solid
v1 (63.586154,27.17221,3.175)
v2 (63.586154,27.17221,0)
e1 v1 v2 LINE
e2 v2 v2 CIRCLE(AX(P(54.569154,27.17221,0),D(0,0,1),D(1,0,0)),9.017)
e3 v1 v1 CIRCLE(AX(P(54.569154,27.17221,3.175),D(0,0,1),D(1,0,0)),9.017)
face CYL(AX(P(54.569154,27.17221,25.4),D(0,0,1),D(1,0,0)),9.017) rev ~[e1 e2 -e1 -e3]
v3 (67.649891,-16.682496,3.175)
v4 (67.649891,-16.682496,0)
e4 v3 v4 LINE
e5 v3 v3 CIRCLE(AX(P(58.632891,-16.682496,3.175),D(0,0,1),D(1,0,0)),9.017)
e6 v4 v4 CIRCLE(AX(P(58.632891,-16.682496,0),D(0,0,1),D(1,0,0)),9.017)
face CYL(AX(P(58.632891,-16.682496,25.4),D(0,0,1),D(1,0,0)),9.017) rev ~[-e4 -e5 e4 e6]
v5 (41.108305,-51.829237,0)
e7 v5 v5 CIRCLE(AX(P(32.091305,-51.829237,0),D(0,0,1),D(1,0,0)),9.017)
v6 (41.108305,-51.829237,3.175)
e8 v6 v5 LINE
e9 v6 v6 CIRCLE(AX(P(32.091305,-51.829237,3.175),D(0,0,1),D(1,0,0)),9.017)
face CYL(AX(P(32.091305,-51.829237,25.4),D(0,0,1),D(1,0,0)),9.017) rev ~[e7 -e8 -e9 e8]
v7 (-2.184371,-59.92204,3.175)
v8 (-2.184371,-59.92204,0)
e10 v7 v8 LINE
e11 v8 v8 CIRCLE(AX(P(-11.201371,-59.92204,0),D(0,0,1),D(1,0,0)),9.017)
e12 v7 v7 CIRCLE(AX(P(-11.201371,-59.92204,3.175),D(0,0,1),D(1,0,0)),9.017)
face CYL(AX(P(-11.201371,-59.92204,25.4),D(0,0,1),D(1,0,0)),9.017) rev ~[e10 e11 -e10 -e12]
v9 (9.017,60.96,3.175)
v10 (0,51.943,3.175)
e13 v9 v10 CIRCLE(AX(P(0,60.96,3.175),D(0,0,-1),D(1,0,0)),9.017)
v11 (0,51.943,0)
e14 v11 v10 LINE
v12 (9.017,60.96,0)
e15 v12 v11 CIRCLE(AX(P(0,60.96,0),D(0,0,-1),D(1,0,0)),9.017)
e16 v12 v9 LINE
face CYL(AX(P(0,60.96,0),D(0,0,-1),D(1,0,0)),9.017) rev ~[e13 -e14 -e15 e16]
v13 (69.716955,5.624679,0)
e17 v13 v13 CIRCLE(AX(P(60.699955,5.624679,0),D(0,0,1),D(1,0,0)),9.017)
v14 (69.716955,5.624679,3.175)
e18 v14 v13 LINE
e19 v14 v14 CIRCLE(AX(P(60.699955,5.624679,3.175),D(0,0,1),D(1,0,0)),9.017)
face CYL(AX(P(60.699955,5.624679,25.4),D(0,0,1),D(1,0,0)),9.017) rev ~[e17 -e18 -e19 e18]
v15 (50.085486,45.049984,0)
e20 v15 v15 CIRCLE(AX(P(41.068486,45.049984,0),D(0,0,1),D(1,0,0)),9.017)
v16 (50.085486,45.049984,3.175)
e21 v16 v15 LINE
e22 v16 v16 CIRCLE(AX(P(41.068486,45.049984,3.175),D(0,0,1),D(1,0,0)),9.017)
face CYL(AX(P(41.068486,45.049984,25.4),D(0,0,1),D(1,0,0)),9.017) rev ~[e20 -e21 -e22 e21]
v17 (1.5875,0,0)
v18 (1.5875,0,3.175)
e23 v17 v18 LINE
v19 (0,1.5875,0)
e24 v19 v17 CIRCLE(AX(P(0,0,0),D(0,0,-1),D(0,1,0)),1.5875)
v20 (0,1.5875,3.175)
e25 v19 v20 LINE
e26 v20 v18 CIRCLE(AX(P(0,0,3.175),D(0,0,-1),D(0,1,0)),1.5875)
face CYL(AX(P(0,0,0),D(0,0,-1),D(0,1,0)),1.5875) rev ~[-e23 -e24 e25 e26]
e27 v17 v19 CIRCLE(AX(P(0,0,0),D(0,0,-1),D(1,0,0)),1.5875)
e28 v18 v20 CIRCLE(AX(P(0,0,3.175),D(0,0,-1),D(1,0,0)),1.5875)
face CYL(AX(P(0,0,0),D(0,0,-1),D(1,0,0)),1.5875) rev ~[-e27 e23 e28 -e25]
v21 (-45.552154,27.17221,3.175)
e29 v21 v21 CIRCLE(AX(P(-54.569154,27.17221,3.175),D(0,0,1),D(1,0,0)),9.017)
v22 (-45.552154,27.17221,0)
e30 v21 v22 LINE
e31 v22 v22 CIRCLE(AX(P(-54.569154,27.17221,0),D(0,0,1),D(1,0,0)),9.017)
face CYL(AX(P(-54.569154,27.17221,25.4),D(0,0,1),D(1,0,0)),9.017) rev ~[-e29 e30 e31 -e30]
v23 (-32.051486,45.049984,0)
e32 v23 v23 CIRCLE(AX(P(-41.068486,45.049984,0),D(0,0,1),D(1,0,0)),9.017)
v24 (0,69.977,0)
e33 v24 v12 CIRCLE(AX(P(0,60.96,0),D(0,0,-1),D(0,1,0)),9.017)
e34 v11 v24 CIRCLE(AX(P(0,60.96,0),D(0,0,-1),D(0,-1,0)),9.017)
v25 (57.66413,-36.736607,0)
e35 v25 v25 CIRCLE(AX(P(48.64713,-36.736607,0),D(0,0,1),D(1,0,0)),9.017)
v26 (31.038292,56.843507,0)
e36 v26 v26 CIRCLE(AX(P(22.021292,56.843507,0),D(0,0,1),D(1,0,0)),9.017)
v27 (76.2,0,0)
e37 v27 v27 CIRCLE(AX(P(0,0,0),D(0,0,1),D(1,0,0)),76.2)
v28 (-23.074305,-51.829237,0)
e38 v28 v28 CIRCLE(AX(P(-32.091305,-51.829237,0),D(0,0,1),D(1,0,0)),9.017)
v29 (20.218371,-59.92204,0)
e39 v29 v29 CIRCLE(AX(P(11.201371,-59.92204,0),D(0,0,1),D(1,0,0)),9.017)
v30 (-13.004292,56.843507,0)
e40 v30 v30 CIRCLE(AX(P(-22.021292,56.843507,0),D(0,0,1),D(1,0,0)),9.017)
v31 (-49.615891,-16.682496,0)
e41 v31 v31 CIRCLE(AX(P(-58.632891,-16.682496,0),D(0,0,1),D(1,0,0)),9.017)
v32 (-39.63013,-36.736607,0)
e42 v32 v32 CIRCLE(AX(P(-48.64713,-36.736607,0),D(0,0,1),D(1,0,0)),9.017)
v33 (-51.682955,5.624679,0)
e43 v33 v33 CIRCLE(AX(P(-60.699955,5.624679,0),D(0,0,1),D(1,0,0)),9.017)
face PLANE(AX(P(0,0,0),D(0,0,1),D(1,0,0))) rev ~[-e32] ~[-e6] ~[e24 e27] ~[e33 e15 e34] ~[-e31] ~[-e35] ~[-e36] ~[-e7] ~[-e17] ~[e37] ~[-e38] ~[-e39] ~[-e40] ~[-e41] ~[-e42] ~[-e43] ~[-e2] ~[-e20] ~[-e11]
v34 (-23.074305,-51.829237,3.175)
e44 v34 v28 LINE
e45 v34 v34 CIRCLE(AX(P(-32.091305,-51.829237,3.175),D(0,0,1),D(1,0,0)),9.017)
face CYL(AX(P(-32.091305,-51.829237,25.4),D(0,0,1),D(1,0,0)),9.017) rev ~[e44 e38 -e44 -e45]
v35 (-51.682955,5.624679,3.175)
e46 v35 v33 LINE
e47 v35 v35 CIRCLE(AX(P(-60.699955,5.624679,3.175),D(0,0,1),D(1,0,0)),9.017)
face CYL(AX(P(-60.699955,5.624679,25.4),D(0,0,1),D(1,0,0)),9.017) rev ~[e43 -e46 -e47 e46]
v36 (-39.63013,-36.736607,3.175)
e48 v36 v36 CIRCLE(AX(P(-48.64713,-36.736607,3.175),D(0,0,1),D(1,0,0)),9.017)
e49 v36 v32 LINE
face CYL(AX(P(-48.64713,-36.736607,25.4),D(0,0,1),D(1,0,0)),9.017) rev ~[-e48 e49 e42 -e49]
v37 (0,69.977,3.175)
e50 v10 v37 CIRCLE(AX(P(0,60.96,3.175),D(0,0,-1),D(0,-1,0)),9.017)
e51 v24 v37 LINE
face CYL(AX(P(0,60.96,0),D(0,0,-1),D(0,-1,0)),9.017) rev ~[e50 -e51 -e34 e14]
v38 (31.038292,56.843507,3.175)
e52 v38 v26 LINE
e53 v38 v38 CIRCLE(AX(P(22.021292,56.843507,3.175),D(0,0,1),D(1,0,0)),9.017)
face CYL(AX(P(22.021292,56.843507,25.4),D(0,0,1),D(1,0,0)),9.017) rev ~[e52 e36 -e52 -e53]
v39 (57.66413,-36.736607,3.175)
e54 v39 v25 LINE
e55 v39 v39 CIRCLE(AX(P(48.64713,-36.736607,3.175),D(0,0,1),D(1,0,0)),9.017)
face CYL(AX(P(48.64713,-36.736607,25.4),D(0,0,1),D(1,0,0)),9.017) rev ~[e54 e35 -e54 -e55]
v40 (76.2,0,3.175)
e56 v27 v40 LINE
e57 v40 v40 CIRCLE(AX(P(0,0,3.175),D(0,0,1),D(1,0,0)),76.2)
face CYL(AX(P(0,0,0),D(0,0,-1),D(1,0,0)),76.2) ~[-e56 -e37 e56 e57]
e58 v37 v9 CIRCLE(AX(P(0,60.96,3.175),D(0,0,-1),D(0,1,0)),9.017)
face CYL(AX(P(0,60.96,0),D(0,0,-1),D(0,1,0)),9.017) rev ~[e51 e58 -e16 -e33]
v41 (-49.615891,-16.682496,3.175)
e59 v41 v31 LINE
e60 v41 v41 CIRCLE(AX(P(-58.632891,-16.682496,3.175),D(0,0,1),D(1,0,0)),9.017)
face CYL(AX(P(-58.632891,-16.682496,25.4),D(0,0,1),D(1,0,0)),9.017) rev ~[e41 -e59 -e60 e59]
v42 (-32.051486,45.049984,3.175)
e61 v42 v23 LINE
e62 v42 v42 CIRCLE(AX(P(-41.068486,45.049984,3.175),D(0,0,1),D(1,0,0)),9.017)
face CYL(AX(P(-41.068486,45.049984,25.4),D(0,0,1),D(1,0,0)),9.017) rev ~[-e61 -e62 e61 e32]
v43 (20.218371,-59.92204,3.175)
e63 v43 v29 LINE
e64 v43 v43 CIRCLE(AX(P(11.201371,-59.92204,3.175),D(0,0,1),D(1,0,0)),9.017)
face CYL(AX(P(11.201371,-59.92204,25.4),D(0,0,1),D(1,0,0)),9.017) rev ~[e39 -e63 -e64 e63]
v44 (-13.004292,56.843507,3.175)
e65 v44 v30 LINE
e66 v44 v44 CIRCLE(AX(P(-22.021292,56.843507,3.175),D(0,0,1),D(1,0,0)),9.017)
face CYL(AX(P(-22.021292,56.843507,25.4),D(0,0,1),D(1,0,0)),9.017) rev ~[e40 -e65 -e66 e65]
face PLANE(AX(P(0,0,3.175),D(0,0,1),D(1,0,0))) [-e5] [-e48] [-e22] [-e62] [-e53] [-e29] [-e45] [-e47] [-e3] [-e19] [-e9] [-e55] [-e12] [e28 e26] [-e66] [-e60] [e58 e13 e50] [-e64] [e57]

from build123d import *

# Parameters (mm, degrees)
F1_DEPTH  = 25.4
F2_DEPTH  = 3.175
F3_COUNT  = 17
F1_FACE_R = 9.017
F3_FACE_R = 9.017
F4_DEPTH  = 25.4


with BuildPart() as f1:
    # F0 (on Top) → F1 (new body)
    with BuildSketch(Plane.XY):
        with BuildLine():
            ThreePointArc((9.017, 60.96), (6.375981846, 67.335981846), (0, 69.977))
            Line((0, 69.977), (0, 51.943))
            ThreePointArc((0, 51.943), (6.375981846, 54.584018154), (9.017, 60.96))
        make_face()
        with BuildLine():
            Line((0, 51.943), (0, 69.977))
            ThreePointArc((0, 69.977), (-9.017, 60.96), (0, 51.943))
        make_face()
    extrude(amount=F1_DEPTH)


with BuildPart() as f2:
    # F0 (on Top) → F2 (new body)
    with BuildSketch(Plane.XY):
        with BuildLine():
            ThreePointArc((0, 76.2), (-53.8815367264, -53.8815367264), (76.2, 0))
            ThreePointArc((76.2, 0), (53.8815367264, 53.8815367264), (0, 76.2))
        make_face()
        with BuildLine():
            ThreePointArc((1.5875, 0), (-1.1225320151, -1.1225320151), (0, 1.5875))
            ThreePointArc((0, 1.5875), (1.1225320151, 1.1225320151), (1.5875, 0))
        make_face(mode=Mode.SUBTRACT)
        with BuildLine():
            ThreePointArc((0, 51.943), (-9.017, 60.96), (0, 69.977))
            ThreePointArc((0, 69.977), (6.375981846, 67.335981846), (9.017, 60.96))
            ThreePointArc((9.017, 60.96), (6.375981846, 54.584018154), (0, 51.943))
        make_face(mode=Mode.SUBTRACT)
    extrude(amount=F2_DEPTH)


with BuildPart() as f3_1:
    # F3: instance of F1
    add(f1.part.rotate(Axis((0, 0, 3.175), (0, 0, -1)), 1 * 360 / F3_COUNT))


with BuildPart() as f3_2:
    # F3: instance of F1
    add(f1.part.rotate(Axis((0, 0, 3.175), (0, 0, -1)), 2 * 360 / F3_COUNT))


with BuildPart() as f3_3:
    # F3: instance of F1
    add(f1.part.rotate(Axis((0, 0, 3.175), (0, 0, -1)), 3 * 360 / F3_COUNT))


with BuildPart() as f3_4:
    # F3: instance of F1
    add(f1.part.rotate(Axis((0, 0, 3.175), (0, 0, -1)), 4 * 360 / F3_COUNT))


with BuildPart() as f3_5:
    # F3: instance of F1
    add(f1.part.rotate(Axis((0, 0, 3.175), (0, 0, -1)), 5 * 360 / F3_COUNT))


with BuildPart() as f3_6:
    # F3: instance of F1
    add(f1.part.rotate(Axis((0, 0, 3.175), (0, 0, -1)), 6 * 360 / F3_COUNT))


with BuildPart() as f3_7:
    # F3: instance of F1
    add(f1.part.rotate(Axis((0, 0, 3.175), (0, 0, -1)), 7 * 360 / F3_COUNT))


with BuildPart() as f3_8:
    # F3: instance of F1
    add(f1.part.rotate(Axis((0, 0, 3.175), (0, 0, -1)), 8 * 360 / F3_COUNT))


with BuildPart() as f3_9:
    # F3: instance of F1
    add(f1.part.rotate(Axis((0, 0, 3.175), (0, 0, -1)), 9 * 360 / F3_COUNT))


with BuildPart() as f3_10:
    # F3: instance of F1
    add(f1.part.rotate(Axis((0, 0, 3.175), (0, 0, -1)), 10 * 360 / F3_COUNT))


with BuildPart() as f3_11:
    # F3: instance of F1
    add(f1.part.rotate(Axis((0, 0, 3.175), (0, 0, -1)), 11 * 360 / F3_COUNT))


with BuildPart() as f3_12:
    # F3: instance of F1
    add(f1.part.rotate(Axis((0, 0, 3.175), (0, 0, -1)), 12 * 360 / F3_COUNT))


with BuildPart() as f3_13:
    # F3: instance of F1
    add(f1.part.rotate(Axis((0, 0, 3.175), (0, 0, -1)), 13 * 360 / F3_COUNT))


with BuildPart() as f3_14:
    # F3: instance of F1
    add(f1.part.rotate(Axis((0, 0, 3.175), (0, 0, -1)), 14 * 360 / F3_COUNT))


with BuildPart() as f3_15:
    # F3: instance of F1
    add(f1.part.rotate(Axis((0, 0, 3.175), (0, 0, -1)), 15 * 360 / F3_COUNT))


with BuildPart() as f3_16:
    # F3: instance of F1
    add(f1.part.rotate(Axis((0, 0, 3.175), (0, 0, -1)), 16 * 360 / F3_COUNT))


with BuildPart() as f4_tool:
    # F1_face (on face) + F3_face (on face) → F4 (new body)
    with BuildSketch(Plane(origin=(0, 60.96, 25.4), x_dir=(1, 0, 0), z_dir=(0, 0, 1))):
        Circle(F1_FACE_R)
    with BuildSketch(Plane(origin=(22.0212919708, 56.8435071045, 25.4), x_dir=(1, 0, 0), z_dir=(0, 0, 1))):
        Circle(F3_FACE_R)
        with Locations((19.0471944659, -11.7935235107)):
            Circle(F3_FACE_R)
        with Locations((32.5478622702, -29.6712969364)):
            Circle(F3_FACE_R)
        with Locations((38.6786634162, -51.2188279116)):
            Circle(F3_FACE_R)
        with Locations((36.611599237, -73.5260029793)):
            Circle(F3_FACE_R)
        with Locations((26.6258382042, -93.5801145382)):
            Circle(F3_FACE_R)
        with Locations((10.0700126782, -108.6727436986)):
            Circle(F3_FACE_R)
        with Locations((-10.8199213647, -116.7655472612)):
            Circle(F3_FACE_R)
        with Locations((-33.2226625769, -116.7655472612)):
            Circle(F3_FACE_R)
        with Locations((-22.0212919708, 4.1164928955)):
            Circle(F3_FACE_R)
        with Locations((-44.0425839415, 0)):
            Circle(F3_FACE_R)
        with Locations((-63.0897784075, -11.7935235107)):
            Circle(F3_FACE_R)
        with Locations((-76.5904462118, -29.6712969364)):
            Circle(F3_FACE_R)
        with Locations((-80.6541831786, -73.5260029793)):
            Circle(F3_FACE_R)
        with Locations((-70.6684221458, -93.5801145382)):
            Circle(F3_FACE_R)
        with Locations((-54.1125966198, -108.6727436986)):
            Circle(F3_FACE_R)
        with Locations((-82.7212473577, -51.2188279116)):
            Circle(F3_FACE_R)
    extrude(amount=-F4_DEPTH)


with BuildPart() as f1_1:
    add(f1.part)

    # F4: cut by f4_tool
    add(f4_tool.part, mode=Mode.SUBTRACT)


with BuildPart() as f2_1:
    add(f2.part)

    # F4: cut by f4_tool
    add(f4_tool.part, mode=Mode.SUBTRACT)


with BuildPart() as f3_1_1:
    add(f3_1.part)

    # F4: cut by f4_tool
    add(f4_tool.part, mode=Mode.SUBTRACT)


with BuildPart() as f3_2_1:
    add(f3_2.part)

    # F4: cut by f4_tool
    add(f4_tool.part, mode=Mode.SUBTRACT)


with BuildPart() as f3_3_1:
    add(f3_3.part)

    # F4: cut by f4_tool
    add(f4_tool.part, mode=Mode.SUBTRACT)


with BuildPart() as f3_4_1:
    add(f3_4.part)

    # F4: cut by f4_tool
    add(f4_tool.part, mode=Mode.SUBTRACT)


with BuildPart() as f3_5_1:
    add(f3_5.part)

    # F4: cut by f4_tool
    add(f4_tool.part, mode=Mode.SUBTRACT)


with BuildPart() as f3_6_1:
    add(f3_6.part)

    # F4: cut by f4_tool
    add(f4_tool.part, mode=Mode.SUBTRACT)


with BuildPart() as f3_7_1:
    add(f3_7.part)

    # F4: cut by f4_tool
    add(f4_tool.part, mode=Mode.SUBTRACT)


with BuildPart() as f3_8_1:
    add(f3_8.part)

    # F4: cut by f4_tool
    add(f4_tool.part, mode=Mode.SUBTRACT)


with BuildPart() as f3_9_1:
    add(f3_9.part)

    # F4: cut by f4_tool
    add(f4_tool.part, mode=Mode.SUBTRACT)


with BuildPart() as f3_10_1:
    add(f3_10.part)

    # F4: cut by f4_tool
    add(f4_tool.part, mode=Mode.SUBTRACT)


with BuildPart() as f3_11_1:
    add(f3_11.part)

    # F4: cut by f4_tool
    add(f4_tool.part, mode=Mode.SUBTRACT)


with BuildPart() as f3_12_1:
    add(f3_12.part)

    # F4: cut by f4_tool
    add(f4_tool.part, mode=Mode.SUBTRACT)


with BuildPart() as f3_13_1:
    add(f3_13.part)

    # F4: cut by f4_tool
    add(f4_tool.part, mode=Mode.SUBTRACT)


with BuildPart() as f3_14_1:
    add(f3_14.part)

    # F4: cut by f4_tool
    add(f4_tool.part, mode=Mode.SUBTRACT)


with BuildPart() as f3_15_1:
    add(f3_15.part)

    # F4: cut by f4_tool
    add(f4_tool.part, mode=Mode.SUBTRACT)


with BuildPart() as f3_16_1:
    add(f3_16.part)

    # F4: cut by f4_tool
    add(f4_tool.part, mode=Mode.SUBTRACT)


solid = f2_1.part
